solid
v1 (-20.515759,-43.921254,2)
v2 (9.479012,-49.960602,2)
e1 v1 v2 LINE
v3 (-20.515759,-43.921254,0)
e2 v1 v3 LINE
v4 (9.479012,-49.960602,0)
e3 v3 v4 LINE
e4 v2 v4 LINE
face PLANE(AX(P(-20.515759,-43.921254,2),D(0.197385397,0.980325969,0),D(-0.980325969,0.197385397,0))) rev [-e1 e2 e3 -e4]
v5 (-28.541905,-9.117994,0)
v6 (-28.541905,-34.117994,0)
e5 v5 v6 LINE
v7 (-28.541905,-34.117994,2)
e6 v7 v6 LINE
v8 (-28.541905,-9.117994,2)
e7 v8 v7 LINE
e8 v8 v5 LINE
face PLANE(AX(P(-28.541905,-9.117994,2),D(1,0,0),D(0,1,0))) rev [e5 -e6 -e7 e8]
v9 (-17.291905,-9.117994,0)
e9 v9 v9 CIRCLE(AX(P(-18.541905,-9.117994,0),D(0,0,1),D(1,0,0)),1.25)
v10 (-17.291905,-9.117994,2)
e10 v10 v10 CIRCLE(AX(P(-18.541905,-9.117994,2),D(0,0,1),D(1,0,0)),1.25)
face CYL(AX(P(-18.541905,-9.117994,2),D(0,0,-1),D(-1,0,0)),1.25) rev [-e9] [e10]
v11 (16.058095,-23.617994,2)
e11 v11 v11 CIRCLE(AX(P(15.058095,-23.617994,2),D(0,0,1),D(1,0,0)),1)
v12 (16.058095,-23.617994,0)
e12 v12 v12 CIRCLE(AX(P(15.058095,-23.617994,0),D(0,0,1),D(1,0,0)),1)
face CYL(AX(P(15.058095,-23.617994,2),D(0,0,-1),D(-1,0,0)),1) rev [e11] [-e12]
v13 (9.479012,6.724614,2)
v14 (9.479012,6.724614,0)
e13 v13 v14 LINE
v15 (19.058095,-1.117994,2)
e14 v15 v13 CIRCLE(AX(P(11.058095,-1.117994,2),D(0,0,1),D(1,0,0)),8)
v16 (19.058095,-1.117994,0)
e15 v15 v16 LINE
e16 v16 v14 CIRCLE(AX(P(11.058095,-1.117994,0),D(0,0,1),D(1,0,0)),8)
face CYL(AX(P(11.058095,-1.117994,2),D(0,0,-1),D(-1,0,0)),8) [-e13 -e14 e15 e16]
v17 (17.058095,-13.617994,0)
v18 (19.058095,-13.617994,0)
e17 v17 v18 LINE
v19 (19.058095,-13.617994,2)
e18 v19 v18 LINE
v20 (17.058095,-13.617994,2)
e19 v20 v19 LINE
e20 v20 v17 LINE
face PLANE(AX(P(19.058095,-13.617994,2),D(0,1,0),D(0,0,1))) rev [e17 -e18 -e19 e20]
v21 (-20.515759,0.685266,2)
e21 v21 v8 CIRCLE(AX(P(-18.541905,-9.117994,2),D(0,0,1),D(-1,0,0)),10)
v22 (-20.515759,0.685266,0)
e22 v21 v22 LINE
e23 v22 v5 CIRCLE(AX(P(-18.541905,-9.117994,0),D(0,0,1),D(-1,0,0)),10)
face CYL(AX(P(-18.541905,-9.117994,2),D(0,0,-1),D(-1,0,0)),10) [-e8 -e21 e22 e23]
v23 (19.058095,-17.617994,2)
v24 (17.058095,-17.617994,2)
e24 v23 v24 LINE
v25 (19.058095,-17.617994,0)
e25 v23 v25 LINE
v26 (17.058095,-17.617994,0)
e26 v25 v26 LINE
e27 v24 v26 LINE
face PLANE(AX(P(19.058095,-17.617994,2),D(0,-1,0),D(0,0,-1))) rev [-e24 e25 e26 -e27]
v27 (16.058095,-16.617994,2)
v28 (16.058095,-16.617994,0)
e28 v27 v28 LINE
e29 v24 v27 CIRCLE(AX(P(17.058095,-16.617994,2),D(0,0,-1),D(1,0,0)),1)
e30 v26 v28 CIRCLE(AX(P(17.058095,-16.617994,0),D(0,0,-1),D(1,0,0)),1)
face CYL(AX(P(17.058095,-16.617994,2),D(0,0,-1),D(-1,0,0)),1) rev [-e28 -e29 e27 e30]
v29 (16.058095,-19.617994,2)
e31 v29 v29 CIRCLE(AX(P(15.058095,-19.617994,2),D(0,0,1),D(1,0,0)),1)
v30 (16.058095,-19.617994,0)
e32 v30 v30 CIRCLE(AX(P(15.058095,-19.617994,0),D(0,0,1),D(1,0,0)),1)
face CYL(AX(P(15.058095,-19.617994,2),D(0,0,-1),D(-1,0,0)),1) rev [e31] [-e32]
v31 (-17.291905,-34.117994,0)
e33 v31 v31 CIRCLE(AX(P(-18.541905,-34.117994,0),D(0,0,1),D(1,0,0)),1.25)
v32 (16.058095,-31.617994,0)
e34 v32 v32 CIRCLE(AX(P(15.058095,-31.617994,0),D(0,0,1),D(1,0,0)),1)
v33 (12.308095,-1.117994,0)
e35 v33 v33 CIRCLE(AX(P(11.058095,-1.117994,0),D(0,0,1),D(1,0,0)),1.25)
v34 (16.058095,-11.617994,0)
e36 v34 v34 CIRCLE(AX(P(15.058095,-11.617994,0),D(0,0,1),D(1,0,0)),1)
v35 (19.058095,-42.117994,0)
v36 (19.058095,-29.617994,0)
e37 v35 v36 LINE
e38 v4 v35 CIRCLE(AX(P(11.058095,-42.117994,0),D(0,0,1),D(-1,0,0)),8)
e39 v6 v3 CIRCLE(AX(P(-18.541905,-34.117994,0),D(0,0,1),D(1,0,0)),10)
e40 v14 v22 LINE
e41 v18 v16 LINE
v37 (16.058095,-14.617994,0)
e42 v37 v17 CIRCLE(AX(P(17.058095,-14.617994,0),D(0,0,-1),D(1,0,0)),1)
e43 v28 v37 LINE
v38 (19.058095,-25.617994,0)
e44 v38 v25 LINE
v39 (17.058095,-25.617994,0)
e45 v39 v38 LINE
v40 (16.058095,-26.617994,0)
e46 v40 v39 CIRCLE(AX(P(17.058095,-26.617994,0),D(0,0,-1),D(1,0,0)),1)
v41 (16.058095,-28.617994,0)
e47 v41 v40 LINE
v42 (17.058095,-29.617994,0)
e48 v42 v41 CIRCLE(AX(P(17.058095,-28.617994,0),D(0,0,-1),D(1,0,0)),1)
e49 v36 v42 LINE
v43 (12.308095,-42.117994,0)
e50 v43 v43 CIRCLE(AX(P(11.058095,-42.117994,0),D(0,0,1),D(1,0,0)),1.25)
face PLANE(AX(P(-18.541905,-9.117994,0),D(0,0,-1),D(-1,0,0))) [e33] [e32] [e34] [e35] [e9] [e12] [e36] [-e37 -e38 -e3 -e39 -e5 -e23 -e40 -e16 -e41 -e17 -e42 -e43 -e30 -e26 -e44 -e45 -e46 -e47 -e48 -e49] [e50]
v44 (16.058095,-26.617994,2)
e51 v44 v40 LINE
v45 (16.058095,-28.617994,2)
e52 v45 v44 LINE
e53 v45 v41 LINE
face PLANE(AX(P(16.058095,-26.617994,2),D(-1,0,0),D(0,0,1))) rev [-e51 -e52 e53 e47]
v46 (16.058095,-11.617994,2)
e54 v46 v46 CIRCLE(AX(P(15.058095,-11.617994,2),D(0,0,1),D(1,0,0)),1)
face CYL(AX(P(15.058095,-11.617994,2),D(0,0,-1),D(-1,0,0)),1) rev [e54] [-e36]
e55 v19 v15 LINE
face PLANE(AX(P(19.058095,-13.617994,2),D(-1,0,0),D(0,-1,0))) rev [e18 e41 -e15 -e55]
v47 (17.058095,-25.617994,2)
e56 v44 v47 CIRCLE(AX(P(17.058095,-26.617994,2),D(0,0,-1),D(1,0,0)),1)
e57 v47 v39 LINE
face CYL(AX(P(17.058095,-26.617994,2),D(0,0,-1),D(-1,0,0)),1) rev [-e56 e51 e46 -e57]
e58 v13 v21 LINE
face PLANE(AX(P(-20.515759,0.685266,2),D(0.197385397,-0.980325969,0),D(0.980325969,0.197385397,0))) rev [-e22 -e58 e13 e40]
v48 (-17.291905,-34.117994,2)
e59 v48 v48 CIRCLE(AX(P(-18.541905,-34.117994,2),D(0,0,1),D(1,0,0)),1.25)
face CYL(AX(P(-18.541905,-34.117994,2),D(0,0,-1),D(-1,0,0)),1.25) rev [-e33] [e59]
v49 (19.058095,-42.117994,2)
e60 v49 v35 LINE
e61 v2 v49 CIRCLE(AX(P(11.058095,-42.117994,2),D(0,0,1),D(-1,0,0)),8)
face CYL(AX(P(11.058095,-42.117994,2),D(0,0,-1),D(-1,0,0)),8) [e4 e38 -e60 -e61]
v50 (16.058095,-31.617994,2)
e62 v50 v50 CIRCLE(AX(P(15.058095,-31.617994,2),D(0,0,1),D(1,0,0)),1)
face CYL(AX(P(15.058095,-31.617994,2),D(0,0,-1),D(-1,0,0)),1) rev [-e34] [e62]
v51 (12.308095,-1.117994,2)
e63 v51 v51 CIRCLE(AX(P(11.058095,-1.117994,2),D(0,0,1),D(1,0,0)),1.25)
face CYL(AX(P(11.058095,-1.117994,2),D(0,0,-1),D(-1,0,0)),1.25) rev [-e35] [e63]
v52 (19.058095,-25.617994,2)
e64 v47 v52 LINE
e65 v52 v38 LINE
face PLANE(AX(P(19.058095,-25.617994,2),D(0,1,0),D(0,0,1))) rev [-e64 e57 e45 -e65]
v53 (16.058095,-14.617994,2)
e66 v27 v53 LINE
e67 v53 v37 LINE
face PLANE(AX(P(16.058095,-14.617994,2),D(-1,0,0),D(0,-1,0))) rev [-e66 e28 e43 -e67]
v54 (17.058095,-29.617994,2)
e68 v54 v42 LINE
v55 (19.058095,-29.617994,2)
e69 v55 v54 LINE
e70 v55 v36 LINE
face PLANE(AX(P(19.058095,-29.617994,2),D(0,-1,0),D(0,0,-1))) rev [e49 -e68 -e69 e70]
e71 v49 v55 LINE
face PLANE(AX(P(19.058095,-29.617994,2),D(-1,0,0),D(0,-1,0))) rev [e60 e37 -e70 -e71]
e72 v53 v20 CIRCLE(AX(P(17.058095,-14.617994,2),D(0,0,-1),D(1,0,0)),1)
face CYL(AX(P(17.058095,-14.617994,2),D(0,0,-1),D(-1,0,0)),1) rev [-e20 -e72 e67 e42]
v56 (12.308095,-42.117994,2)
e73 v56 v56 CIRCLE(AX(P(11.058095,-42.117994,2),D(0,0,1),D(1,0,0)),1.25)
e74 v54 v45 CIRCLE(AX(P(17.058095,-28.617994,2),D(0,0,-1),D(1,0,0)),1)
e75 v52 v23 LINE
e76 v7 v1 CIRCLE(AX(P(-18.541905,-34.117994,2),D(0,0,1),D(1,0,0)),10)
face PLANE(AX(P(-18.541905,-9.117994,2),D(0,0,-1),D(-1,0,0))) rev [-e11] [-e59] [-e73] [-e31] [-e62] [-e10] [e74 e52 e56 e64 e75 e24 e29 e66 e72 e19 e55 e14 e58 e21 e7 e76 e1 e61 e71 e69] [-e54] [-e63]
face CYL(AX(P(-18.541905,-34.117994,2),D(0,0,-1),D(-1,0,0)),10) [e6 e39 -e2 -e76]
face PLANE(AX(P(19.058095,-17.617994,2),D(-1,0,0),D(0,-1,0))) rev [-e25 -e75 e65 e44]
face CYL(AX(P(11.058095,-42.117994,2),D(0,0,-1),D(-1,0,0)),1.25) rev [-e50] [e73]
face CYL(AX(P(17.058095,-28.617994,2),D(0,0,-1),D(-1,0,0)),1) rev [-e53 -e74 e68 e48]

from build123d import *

# Parameters (mm, degrees)
SKETCH_1_R      = 1.25
SKETCH_1_R_2    = 1
EXTRUDE_2_DEPTH = 2


with BuildPart() as part:
    # 草圖1 → 填料-伸長2 (new body)
    with BuildSketch(Plane.XY):
        with BuildLine():
            Line((-28.541905067, -9.1179941), (-28.541905067, -34.1179941))
            ThreePointArc((-28.541905067, -34.1179941), (-26.279428563, -40.452876116), (-20.515759037, -43.921253788))
            Line((-20.515759037, -43.921253788), (9.479011757, -49.960601851))
            ThreePointArc((9.479011757, -49.960601851), (16.126000545, -48.308012897), (19.058094933, -42.1179941))
            Line((19.058094933, -42.1179941), (19.058094933, -29.6179941))
            Line((19.058094933, -29.6179941), (17.058094933, -29.6179941))
            ThreePointArc((17.058094933, -29.6179941), (16.350988152, -29.325100881), (16.058094933, -28.6179941))
            Line((16.058094933, -28.6179941), (16.058094933, -26.6179941))
            ThreePointArc((16.058094933, -26.6179941), (16.350988152, -25.910887319), (17.058094933, -25.6179941))
            Line((17.058094933, -25.6179941), (19.058094933, -25.6179941))
            Line((19.058094933, -25.6179941), (19.058094933, -17.6179941))
            Line((19.058094933, -17.6179941), (17.058094933, -17.6179941))
            ThreePointArc((17.058094933, -17.6179941), (16.350988152, -17.325100881), (16.058094933, -16.6179941))
            Line((16.058094933, -16.6179941), (16.058094933, -14.6179941))
            ThreePointArc((16.058094933, -14.6179941), (16.350988152, -13.910887319), (17.058094933, -13.6179941))
            Line((17.058094933, -13.6179941), (19.058094933, -13.6179941))
            Line((19.058094933, -13.6179941), (19.058094933, -1.1179941))
            ThreePointArc((19.058094933, -1.1179941), (16.126000545, 5.072024696), (9.479011757, 6.72461365))
            Line((9.479011757, 6.72461365), (-20.515759037, 0.685265588))
            ThreePointArc((-20.515759037, 0.685265588), (-26.279428563, -2.783112085), (-28.541905067, -9.1179941))
        make_face()
        with Locations((-18.541905067, -9.1179941)):
            Circle(SKETCH_1_R, mode=Mode.SUBTRACT)
        with Locations((15.058094933, -11.6179941)):
            Circle(SKETCH_1_R_2, mode=Mode.SUBTRACT)
        with Locations((15.058094933, -19.6179941)):
            Circle(SKETCH_1_R_2, mode=Mode.SUBTRACT)
        with Locations((15.058094933, -23.6179941)):
            Circle(SKETCH_1_R_2, mode=Mode.SUBTRACT)
        with Locations((-18.541905067, -34.1179941)):
            Circle(SKETCH_1_R, mode=Mode.SUBTRACT)
        with Locations((11.058094933, -1.1179941)):
            Circle(SKETCH_1_R, mode=Mode.SUBTRACT)
        with Locations((15.058094933, -31.6179941)):
            Circle(SKETCH_1_R_2, mode=Mode.SUBTRACT)
        with Locations((11.058094933, -42.1179941)):
            Circle(SKETCH_1_R, mode=Mode.SUBTRACT)
    extrude(amount=EXTRUDE_2_DEPTH)


solid = part.part
